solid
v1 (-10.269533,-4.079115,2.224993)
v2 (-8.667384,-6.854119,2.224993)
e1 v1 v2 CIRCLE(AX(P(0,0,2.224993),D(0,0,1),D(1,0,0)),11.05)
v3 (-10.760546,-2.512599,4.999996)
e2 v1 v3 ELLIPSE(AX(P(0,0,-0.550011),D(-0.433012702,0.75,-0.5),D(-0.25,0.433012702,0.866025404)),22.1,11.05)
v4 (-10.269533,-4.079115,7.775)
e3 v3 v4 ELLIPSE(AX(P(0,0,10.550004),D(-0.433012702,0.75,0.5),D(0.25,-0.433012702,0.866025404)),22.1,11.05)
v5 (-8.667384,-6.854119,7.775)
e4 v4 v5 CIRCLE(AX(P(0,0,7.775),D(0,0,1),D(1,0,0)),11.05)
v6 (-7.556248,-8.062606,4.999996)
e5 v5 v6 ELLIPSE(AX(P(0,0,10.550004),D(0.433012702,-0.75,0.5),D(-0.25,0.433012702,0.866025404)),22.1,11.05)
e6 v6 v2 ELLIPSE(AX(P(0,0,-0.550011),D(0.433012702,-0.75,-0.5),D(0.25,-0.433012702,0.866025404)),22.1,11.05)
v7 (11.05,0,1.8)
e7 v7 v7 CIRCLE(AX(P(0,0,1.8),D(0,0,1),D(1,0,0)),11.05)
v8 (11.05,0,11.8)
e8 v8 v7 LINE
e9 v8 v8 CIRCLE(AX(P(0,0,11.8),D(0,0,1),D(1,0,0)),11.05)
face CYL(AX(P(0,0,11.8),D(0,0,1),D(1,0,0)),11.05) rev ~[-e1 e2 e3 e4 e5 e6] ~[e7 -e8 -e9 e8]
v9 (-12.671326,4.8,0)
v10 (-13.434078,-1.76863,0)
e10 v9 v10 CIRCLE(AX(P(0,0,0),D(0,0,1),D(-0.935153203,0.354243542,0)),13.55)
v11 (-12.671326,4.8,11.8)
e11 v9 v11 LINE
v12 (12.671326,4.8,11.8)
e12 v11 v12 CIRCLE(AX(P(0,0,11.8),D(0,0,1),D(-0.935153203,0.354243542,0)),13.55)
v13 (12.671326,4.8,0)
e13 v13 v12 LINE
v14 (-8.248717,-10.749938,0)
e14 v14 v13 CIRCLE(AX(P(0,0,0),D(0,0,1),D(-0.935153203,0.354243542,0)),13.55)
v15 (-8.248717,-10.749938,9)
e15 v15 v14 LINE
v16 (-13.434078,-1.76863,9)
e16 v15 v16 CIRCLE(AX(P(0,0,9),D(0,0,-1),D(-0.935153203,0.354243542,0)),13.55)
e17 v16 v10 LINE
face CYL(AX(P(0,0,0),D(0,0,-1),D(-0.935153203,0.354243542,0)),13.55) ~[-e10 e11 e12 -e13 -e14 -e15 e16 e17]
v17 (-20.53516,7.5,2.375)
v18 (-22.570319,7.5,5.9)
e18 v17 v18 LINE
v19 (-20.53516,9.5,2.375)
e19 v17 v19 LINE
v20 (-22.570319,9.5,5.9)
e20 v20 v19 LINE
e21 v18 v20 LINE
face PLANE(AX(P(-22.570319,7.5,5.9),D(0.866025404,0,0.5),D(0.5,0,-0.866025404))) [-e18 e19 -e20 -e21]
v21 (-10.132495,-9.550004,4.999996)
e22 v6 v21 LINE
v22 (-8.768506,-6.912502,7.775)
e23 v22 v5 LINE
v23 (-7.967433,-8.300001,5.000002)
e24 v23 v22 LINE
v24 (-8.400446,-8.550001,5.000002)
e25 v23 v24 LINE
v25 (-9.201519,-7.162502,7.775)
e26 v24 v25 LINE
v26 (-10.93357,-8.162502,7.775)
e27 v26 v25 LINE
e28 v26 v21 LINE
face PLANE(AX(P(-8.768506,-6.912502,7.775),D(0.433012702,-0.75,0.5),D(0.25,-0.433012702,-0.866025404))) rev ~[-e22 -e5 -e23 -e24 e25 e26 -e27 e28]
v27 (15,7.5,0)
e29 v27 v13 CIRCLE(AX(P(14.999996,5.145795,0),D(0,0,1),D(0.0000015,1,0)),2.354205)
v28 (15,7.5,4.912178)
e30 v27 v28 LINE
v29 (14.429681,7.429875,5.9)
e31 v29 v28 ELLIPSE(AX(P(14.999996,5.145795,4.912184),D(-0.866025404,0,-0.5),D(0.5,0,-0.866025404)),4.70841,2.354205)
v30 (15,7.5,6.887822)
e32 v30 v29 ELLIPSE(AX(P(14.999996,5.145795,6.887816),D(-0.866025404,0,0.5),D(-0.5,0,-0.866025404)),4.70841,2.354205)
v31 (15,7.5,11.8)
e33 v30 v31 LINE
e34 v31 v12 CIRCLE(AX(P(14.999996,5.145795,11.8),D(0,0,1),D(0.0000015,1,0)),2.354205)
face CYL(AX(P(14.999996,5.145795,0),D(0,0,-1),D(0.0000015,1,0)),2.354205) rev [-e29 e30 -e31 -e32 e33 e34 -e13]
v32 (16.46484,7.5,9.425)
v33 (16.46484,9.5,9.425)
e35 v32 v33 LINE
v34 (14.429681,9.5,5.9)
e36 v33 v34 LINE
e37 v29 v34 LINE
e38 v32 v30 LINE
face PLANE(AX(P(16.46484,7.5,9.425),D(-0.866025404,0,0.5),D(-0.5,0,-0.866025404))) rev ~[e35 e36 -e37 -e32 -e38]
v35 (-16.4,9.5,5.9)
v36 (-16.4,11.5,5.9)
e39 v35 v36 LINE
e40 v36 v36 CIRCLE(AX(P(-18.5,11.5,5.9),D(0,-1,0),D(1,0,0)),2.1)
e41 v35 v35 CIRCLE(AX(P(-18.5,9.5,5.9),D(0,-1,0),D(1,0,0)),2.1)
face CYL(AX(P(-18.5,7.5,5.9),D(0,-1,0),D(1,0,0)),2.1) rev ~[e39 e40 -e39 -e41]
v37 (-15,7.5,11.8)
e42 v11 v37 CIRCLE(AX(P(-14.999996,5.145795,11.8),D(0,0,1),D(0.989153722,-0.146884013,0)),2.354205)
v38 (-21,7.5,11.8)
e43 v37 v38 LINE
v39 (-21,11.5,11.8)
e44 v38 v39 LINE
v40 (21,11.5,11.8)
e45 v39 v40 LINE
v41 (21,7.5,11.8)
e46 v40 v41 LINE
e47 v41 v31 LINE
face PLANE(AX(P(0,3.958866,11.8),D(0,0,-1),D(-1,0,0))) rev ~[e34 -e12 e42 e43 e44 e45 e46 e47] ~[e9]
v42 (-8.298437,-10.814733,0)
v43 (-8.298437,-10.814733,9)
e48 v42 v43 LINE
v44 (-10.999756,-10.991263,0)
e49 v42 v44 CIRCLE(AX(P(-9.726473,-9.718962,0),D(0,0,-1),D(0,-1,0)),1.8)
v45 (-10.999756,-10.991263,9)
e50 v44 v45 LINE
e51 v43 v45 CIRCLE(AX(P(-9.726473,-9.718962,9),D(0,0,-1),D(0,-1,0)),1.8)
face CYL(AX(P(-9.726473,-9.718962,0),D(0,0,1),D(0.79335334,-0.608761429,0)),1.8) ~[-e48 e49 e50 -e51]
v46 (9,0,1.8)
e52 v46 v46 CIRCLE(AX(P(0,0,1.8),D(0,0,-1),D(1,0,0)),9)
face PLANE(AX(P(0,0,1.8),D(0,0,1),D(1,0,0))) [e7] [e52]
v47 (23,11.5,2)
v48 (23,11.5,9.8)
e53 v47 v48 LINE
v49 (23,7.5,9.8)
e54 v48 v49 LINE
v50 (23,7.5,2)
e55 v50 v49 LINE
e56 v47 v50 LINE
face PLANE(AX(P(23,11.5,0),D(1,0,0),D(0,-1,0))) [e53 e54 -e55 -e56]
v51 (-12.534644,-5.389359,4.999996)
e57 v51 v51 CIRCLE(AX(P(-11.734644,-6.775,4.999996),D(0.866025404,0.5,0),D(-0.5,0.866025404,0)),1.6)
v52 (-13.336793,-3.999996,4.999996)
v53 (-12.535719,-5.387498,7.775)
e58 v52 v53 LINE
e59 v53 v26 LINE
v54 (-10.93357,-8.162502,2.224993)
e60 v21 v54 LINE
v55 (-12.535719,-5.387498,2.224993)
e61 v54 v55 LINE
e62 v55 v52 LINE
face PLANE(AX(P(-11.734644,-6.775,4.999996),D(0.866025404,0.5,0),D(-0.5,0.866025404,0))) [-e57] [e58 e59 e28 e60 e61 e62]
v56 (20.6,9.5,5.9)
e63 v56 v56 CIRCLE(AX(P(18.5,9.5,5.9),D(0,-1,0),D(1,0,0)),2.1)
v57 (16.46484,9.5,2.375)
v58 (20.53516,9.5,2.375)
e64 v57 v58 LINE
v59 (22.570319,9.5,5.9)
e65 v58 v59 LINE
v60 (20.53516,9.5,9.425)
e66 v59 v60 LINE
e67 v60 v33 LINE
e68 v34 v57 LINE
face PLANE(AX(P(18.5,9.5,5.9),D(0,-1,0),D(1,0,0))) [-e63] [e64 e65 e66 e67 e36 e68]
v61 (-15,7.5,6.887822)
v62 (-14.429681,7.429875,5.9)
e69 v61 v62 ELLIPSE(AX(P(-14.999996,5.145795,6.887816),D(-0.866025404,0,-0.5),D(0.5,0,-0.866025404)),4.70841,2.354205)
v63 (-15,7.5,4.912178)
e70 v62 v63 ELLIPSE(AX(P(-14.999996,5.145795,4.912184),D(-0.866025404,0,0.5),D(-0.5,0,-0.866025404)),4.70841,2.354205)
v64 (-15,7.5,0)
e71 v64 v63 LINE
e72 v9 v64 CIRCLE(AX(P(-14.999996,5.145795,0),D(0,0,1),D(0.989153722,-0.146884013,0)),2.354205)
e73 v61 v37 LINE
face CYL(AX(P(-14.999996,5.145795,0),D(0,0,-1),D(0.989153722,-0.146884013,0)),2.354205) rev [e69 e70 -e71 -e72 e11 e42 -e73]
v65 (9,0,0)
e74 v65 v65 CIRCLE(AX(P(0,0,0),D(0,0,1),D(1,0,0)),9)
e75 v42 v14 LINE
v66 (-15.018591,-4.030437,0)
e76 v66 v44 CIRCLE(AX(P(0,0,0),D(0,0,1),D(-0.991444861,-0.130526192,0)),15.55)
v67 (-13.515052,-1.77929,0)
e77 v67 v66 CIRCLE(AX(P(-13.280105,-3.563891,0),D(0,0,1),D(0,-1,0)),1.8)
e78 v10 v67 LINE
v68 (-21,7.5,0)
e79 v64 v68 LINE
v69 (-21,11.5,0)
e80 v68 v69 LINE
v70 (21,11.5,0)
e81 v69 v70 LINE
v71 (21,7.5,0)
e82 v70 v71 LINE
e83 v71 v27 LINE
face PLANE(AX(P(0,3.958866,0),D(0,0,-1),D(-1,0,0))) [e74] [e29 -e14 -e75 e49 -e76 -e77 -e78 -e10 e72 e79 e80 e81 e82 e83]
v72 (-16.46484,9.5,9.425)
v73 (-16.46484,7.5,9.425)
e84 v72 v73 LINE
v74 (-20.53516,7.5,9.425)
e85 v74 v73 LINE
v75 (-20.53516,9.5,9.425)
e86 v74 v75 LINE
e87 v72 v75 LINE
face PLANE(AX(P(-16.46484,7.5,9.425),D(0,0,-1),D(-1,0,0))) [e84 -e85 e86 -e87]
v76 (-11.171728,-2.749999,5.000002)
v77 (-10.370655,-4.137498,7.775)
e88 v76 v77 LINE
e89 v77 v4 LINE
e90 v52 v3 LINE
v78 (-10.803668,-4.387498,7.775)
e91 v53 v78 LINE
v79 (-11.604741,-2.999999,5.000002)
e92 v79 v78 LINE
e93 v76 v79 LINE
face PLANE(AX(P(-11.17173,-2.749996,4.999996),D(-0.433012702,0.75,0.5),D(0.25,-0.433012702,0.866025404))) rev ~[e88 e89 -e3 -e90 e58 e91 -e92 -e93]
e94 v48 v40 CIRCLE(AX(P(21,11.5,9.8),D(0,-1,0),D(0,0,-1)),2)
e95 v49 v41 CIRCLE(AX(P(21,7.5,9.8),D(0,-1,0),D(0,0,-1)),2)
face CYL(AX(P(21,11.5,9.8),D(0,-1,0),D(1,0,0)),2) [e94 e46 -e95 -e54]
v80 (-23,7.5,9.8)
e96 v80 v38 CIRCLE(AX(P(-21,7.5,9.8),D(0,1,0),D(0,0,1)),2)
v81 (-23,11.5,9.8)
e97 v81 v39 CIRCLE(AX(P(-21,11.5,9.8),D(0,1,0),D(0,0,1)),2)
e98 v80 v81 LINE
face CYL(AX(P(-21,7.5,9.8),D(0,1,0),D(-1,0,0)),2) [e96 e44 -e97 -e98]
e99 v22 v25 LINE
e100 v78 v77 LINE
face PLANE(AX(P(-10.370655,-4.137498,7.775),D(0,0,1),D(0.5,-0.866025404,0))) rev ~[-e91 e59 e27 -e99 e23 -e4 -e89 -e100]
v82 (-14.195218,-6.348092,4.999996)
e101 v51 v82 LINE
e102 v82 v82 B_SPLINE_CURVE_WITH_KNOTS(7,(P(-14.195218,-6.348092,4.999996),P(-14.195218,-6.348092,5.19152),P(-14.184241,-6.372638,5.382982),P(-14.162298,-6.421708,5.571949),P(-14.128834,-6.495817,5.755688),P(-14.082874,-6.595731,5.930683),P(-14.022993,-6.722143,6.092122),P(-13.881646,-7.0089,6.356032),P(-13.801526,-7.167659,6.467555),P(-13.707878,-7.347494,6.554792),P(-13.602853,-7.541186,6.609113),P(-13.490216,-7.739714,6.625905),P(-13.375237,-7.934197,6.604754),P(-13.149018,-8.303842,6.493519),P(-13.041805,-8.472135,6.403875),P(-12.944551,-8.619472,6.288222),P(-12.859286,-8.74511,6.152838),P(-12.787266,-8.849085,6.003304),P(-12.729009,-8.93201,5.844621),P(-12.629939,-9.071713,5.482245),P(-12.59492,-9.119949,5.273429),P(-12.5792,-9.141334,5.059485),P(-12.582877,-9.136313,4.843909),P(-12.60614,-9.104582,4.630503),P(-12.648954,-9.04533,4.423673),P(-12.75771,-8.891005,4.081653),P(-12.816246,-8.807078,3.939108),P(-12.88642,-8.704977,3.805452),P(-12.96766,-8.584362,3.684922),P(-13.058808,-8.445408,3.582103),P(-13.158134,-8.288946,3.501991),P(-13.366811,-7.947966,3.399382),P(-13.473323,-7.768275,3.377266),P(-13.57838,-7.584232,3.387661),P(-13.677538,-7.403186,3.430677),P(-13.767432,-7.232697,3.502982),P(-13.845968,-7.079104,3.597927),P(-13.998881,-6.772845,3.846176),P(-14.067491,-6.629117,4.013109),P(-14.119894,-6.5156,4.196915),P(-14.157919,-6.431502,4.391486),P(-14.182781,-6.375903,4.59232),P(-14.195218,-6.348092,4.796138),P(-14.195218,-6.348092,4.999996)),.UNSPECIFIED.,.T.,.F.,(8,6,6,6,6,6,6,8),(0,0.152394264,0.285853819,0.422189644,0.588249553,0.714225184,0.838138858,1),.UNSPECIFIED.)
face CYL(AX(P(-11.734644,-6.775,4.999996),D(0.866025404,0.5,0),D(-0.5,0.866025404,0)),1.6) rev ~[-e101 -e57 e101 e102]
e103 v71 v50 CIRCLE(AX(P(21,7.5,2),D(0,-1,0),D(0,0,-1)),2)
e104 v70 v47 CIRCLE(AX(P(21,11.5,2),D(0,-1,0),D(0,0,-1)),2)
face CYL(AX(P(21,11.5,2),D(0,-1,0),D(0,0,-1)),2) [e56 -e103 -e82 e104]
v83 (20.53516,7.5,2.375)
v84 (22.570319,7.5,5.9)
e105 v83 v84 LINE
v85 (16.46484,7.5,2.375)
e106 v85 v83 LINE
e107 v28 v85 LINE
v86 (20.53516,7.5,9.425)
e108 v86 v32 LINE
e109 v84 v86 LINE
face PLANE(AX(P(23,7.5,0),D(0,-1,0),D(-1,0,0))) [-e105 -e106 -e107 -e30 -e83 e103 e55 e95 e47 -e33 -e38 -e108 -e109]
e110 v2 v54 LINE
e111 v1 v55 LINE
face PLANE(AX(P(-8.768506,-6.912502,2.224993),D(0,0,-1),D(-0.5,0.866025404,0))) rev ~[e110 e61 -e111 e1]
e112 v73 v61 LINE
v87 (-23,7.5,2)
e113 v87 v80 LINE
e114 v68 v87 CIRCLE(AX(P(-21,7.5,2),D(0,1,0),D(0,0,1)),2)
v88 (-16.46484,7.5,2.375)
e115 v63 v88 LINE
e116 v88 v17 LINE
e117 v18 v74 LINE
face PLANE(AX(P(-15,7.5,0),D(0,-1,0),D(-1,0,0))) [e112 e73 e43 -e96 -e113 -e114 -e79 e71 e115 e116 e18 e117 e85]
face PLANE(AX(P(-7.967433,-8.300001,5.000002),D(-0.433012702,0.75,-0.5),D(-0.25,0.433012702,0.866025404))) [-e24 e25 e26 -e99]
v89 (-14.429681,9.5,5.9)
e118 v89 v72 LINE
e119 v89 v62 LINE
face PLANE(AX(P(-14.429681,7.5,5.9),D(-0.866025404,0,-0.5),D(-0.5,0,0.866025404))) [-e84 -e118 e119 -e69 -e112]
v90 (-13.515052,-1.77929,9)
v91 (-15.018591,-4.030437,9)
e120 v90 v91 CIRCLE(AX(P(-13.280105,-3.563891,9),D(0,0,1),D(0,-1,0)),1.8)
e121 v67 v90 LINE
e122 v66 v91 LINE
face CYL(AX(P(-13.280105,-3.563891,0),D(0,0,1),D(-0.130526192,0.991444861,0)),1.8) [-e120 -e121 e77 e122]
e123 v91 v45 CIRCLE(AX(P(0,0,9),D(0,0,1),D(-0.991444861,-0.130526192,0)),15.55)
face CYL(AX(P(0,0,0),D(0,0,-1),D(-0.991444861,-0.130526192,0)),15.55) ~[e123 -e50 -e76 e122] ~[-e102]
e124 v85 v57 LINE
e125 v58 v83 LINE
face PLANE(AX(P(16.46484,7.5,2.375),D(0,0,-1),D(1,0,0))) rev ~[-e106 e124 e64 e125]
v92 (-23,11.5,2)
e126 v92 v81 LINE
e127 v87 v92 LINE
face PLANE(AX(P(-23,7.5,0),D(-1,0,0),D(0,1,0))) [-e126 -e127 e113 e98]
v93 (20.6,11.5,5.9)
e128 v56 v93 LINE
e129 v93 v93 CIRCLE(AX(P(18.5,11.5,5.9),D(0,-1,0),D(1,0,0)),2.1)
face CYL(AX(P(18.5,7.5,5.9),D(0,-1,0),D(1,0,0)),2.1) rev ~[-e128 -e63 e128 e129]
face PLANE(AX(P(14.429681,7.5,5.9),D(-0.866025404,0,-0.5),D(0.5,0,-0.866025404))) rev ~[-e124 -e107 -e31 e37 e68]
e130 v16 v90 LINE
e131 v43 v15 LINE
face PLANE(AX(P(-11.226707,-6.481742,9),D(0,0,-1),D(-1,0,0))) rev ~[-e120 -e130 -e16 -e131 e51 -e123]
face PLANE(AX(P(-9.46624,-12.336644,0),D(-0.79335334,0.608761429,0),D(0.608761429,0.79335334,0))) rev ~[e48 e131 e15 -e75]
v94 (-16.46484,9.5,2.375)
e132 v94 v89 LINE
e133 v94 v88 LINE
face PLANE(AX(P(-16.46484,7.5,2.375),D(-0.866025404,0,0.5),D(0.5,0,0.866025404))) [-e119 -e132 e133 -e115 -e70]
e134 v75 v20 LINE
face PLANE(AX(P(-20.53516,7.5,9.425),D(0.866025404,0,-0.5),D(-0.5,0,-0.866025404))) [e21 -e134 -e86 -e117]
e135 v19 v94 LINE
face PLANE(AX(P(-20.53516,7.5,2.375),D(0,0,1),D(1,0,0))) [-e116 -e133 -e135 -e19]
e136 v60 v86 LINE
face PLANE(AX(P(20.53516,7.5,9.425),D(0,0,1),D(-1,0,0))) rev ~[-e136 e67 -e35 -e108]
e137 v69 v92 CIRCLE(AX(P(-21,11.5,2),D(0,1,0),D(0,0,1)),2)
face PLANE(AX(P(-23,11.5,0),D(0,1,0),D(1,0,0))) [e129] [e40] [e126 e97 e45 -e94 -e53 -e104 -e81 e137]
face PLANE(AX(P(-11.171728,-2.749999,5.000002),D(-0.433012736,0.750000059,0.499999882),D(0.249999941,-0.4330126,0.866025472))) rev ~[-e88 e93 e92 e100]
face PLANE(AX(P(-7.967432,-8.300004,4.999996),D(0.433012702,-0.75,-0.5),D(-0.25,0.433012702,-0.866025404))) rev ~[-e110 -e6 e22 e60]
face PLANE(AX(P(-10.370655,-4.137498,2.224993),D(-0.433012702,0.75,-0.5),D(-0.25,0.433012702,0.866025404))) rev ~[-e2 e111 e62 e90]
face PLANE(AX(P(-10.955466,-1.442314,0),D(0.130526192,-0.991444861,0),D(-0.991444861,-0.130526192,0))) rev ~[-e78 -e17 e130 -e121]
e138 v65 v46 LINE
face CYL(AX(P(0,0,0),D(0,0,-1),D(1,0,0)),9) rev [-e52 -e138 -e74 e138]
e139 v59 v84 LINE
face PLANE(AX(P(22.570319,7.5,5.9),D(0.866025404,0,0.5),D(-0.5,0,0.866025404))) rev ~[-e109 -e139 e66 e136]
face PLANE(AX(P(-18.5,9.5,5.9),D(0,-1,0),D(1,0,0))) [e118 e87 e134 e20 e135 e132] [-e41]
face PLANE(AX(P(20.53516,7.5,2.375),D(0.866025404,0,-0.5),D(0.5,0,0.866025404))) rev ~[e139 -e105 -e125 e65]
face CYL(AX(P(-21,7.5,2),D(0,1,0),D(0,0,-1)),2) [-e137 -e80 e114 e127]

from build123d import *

# Parameters (mm, degrees)
PAD002_DEPTH    = 5.55
POCKET001_DEPTH = 0.5
POCKET002_DEPTH = 0.5
PAD003_DEPTH    = 2.5
PAD001_DEPTH    = 9
SKETCH_R        = 9
PAD_DEPTH       = 11.8
SKETCH001_R     = 11.05
POCKET_DEPTH    = 10
SKETCH010_R     = 1.6
POCKET003_DEPTH = 5
FILLET_R        = 1.8
SKETCH011_R     = 2.1
POCKET004_DEPTH = 5
POCKET005_DEPTH = 2
FILLET001_R     = 2


with BuildPart() as pad003:
    # Sketch004 → Pad002 (new body)
    with BuildSketch(Plane.XY.offset(2.225)):
        Polygon((-11.1717282118, -2.7499991288), (-7.9674332118, -8.3000008712), (-8.4004459137, -8.5500008712), (-11.6047409137, -2.9999991288), align=None)
    extrude(amount=PAD002_DEPTH)

    # Sketch006 → Pocket001 (cut)
    with BuildSketch(Plane(origin=(-9.5695807118, -5.525, 2.225), x_dir=(-0.5, 0.8660254038, 0), z_dir=(0.8660254038, 0.5, 0))):
        Polygon((-3.204295, 2.7750019602), (-1.6021491347, 5.55), (-3.204295, 5.55), align=None)
        Polygon((1.6021478772, 0), (3.204295, 0), (3.204295, 2.7750019602), align=None)
    extrude(amount=-POCKET001_DEPTH, mode=Mode.SUBTRACT)

    # Sketch008 → Pocket002 (cut)
    with BuildSketch(Plane(origin=(-9.5695807118, -5.525, 2.225), x_dir=(-0.5, 0.8660254038, 0), z_dir=(0.8660254038, 0.5, 0))):
        Polygon((1.6021478772, 5.5500030493), (3.204295, 5.5500030493), (3.204295, 2.7750019602), align=None)
        Polygon((-1.6021478772, 0), (-3.2042957545, 0), (-3.2042957545, 2.7750015246), align=None)
    extrude(amount=-POCKET002_DEPTH, mode=Mode.SUBTRACT)

    # Sketch009 → Pad003 (new body, symmetric)
    with BuildSketch(Plane(origin=(-9.5695807118, -5.525, 2.225), x_dir=(-0.5, 0.8660254038, 0), z_dir=(0.8660254038, 0.5, 0))):
        Polygon((1.6021491347, -7.4054e-06), (3.2042982695, 2.7749962973), (1.6021491347, 5.55), (-1.6021491347, 5.55), (-3.2042982695, 2.7749962973), (-1.6021491347, -7.4054e-06), align=None)
    extrude(amount=PAD003_DEPTH, both=True)


with BuildPart() as pad001:
    # Sketch003 → Pad001 (new body)
    with BuildSketch(Plane.XY):
        with BuildLine():
            ThreePointArc((-10.9554657182, -1.442314424), (-9.5695807118, -5.525), (-6.7268137905, -8.7665544102))
            Line((-9.4662402211, -12.3366444415), (-6.7268137905, -8.7665544102))
            ThreePointArc((-15.4169675944, -2.029682289), (-13.4666950288, -7.775), (-9.4662402211, -12.3366444415))
            Line((-10.9554657182, -1.442314424), (-15.4169675944, -2.029682289))
        make_face()
    extrude(amount=PAD001_DEPTH)


with BuildPart() as fillet001:
    # Sketch → Pad (new body)
    with BuildSketch(Plane.XY):
        with BuildLine():
            Line((-23, 11.5), (23, 11.5))
            Line((23, 11.5), (23, 7.5))
            Line((23, 7.5), (15, 7.5))
            ThreePointArc((15, 7.5), (13.217253485, 6.6833607789), (12.6713258975, 4.8))
            ThreePointArc((-12.6713258975, 4.8), (0, -13.55), (12.6713258975, 4.8))
            ThreePointArc((-12.6713258975, 4.8), (-13.217253485, 6.6833607789), (-15, 7.5))
            Line((-15, 7.5), (-23, 7.5))
            Line((-23, 7.5), (-23, 11.5))
        make_face()
        Circle(SKETCH_R, mode=Mode.SUBTRACT)
    extrude(amount=PAD_DEPTH)

    # Sketch001 → Pocket (cut)
    with BuildSketch(Plane.XY.offset(11.8)):
        Circle(SKETCH001_R)
    extrude(amount=-POCKET_DEPTH, mode=Mode.SUBTRACT)

    # Fusion: union Pad001
    add(pad001.part)

    # Cut: cut Pad003
    add(pad003.part, mode=Mode.SUBTRACT)

    # Sketch010 → Pocket003 (cut)
    with BuildSketch(Plane(origin=(-11.7346442213, -6.775, 0), x_dir=(-0.5, 0.8660254038, 0), z_dir=(0.8660254038, 0.5, 0))):
        with Locations((0, 4.9999962973)):
            Circle(SKETCH010_R)
    extrude(amount=-POCKET003_DEPTH, mode=Mode.SUBTRACT)

    # Fillet
    fillet_edges = [fillet001.edges().sort_by_distance(p)[0] for p in [
        (-15.416968, -2.029682, 4.5),
        (-9.46624, -12.336644, 4.5),
    ]]
    fillet(fillet_edges, radius=FILLET_R)

    # Sketch011 → Pocket004 (cut)
    with BuildSketch(Plane.XZ.offset(-7.5)):
        with Locations((-18.5, 5.9)):
            Circle(SKETCH011_R)
        with Locations((18.5, 5.9)):
            Circle(SKETCH011_R)
    extrude(amount=-POCKET004_DEPTH, mode=Mode.SUBTRACT)

    # Sketch012 → Pocket005 (cut, symmetric)
    with BuildSketch(Plane.XZ.offset(-7.5)):
        Polygon((-20.5351596989, 2.375), (-16.4648403011, 2.375), (-14.4296806022, 5.9), (-16.4648403011, 9.425), (-20.5351596989, 9.425), (-22.5703193978, 5.9), align=None)
        Polygon((16.4648403011, 2.375), (20.5351596989, 2.375), (22.5703193978, 5.9), (20.5351596989, 9.425), (16.4648403011, 9.425), (14.4296806022, 5.9), align=None)
    extrude(amount=POCKET005_DEPTH, both=True, mode=Mode.SUBTRACT)

    # Fillet001
    fillet001_edges = [fillet001.edges().sort_by_distance(p)[0] for p in [
        (-23, 9.5, 0),
        (-23, 9.5, 11.8),
        (23, 9.5, 0),
        (23, 9.5, 11.8),
    ]]
    fillet(fillet001_edges, radius=FILLET001_R)


solid = fillet001.part
